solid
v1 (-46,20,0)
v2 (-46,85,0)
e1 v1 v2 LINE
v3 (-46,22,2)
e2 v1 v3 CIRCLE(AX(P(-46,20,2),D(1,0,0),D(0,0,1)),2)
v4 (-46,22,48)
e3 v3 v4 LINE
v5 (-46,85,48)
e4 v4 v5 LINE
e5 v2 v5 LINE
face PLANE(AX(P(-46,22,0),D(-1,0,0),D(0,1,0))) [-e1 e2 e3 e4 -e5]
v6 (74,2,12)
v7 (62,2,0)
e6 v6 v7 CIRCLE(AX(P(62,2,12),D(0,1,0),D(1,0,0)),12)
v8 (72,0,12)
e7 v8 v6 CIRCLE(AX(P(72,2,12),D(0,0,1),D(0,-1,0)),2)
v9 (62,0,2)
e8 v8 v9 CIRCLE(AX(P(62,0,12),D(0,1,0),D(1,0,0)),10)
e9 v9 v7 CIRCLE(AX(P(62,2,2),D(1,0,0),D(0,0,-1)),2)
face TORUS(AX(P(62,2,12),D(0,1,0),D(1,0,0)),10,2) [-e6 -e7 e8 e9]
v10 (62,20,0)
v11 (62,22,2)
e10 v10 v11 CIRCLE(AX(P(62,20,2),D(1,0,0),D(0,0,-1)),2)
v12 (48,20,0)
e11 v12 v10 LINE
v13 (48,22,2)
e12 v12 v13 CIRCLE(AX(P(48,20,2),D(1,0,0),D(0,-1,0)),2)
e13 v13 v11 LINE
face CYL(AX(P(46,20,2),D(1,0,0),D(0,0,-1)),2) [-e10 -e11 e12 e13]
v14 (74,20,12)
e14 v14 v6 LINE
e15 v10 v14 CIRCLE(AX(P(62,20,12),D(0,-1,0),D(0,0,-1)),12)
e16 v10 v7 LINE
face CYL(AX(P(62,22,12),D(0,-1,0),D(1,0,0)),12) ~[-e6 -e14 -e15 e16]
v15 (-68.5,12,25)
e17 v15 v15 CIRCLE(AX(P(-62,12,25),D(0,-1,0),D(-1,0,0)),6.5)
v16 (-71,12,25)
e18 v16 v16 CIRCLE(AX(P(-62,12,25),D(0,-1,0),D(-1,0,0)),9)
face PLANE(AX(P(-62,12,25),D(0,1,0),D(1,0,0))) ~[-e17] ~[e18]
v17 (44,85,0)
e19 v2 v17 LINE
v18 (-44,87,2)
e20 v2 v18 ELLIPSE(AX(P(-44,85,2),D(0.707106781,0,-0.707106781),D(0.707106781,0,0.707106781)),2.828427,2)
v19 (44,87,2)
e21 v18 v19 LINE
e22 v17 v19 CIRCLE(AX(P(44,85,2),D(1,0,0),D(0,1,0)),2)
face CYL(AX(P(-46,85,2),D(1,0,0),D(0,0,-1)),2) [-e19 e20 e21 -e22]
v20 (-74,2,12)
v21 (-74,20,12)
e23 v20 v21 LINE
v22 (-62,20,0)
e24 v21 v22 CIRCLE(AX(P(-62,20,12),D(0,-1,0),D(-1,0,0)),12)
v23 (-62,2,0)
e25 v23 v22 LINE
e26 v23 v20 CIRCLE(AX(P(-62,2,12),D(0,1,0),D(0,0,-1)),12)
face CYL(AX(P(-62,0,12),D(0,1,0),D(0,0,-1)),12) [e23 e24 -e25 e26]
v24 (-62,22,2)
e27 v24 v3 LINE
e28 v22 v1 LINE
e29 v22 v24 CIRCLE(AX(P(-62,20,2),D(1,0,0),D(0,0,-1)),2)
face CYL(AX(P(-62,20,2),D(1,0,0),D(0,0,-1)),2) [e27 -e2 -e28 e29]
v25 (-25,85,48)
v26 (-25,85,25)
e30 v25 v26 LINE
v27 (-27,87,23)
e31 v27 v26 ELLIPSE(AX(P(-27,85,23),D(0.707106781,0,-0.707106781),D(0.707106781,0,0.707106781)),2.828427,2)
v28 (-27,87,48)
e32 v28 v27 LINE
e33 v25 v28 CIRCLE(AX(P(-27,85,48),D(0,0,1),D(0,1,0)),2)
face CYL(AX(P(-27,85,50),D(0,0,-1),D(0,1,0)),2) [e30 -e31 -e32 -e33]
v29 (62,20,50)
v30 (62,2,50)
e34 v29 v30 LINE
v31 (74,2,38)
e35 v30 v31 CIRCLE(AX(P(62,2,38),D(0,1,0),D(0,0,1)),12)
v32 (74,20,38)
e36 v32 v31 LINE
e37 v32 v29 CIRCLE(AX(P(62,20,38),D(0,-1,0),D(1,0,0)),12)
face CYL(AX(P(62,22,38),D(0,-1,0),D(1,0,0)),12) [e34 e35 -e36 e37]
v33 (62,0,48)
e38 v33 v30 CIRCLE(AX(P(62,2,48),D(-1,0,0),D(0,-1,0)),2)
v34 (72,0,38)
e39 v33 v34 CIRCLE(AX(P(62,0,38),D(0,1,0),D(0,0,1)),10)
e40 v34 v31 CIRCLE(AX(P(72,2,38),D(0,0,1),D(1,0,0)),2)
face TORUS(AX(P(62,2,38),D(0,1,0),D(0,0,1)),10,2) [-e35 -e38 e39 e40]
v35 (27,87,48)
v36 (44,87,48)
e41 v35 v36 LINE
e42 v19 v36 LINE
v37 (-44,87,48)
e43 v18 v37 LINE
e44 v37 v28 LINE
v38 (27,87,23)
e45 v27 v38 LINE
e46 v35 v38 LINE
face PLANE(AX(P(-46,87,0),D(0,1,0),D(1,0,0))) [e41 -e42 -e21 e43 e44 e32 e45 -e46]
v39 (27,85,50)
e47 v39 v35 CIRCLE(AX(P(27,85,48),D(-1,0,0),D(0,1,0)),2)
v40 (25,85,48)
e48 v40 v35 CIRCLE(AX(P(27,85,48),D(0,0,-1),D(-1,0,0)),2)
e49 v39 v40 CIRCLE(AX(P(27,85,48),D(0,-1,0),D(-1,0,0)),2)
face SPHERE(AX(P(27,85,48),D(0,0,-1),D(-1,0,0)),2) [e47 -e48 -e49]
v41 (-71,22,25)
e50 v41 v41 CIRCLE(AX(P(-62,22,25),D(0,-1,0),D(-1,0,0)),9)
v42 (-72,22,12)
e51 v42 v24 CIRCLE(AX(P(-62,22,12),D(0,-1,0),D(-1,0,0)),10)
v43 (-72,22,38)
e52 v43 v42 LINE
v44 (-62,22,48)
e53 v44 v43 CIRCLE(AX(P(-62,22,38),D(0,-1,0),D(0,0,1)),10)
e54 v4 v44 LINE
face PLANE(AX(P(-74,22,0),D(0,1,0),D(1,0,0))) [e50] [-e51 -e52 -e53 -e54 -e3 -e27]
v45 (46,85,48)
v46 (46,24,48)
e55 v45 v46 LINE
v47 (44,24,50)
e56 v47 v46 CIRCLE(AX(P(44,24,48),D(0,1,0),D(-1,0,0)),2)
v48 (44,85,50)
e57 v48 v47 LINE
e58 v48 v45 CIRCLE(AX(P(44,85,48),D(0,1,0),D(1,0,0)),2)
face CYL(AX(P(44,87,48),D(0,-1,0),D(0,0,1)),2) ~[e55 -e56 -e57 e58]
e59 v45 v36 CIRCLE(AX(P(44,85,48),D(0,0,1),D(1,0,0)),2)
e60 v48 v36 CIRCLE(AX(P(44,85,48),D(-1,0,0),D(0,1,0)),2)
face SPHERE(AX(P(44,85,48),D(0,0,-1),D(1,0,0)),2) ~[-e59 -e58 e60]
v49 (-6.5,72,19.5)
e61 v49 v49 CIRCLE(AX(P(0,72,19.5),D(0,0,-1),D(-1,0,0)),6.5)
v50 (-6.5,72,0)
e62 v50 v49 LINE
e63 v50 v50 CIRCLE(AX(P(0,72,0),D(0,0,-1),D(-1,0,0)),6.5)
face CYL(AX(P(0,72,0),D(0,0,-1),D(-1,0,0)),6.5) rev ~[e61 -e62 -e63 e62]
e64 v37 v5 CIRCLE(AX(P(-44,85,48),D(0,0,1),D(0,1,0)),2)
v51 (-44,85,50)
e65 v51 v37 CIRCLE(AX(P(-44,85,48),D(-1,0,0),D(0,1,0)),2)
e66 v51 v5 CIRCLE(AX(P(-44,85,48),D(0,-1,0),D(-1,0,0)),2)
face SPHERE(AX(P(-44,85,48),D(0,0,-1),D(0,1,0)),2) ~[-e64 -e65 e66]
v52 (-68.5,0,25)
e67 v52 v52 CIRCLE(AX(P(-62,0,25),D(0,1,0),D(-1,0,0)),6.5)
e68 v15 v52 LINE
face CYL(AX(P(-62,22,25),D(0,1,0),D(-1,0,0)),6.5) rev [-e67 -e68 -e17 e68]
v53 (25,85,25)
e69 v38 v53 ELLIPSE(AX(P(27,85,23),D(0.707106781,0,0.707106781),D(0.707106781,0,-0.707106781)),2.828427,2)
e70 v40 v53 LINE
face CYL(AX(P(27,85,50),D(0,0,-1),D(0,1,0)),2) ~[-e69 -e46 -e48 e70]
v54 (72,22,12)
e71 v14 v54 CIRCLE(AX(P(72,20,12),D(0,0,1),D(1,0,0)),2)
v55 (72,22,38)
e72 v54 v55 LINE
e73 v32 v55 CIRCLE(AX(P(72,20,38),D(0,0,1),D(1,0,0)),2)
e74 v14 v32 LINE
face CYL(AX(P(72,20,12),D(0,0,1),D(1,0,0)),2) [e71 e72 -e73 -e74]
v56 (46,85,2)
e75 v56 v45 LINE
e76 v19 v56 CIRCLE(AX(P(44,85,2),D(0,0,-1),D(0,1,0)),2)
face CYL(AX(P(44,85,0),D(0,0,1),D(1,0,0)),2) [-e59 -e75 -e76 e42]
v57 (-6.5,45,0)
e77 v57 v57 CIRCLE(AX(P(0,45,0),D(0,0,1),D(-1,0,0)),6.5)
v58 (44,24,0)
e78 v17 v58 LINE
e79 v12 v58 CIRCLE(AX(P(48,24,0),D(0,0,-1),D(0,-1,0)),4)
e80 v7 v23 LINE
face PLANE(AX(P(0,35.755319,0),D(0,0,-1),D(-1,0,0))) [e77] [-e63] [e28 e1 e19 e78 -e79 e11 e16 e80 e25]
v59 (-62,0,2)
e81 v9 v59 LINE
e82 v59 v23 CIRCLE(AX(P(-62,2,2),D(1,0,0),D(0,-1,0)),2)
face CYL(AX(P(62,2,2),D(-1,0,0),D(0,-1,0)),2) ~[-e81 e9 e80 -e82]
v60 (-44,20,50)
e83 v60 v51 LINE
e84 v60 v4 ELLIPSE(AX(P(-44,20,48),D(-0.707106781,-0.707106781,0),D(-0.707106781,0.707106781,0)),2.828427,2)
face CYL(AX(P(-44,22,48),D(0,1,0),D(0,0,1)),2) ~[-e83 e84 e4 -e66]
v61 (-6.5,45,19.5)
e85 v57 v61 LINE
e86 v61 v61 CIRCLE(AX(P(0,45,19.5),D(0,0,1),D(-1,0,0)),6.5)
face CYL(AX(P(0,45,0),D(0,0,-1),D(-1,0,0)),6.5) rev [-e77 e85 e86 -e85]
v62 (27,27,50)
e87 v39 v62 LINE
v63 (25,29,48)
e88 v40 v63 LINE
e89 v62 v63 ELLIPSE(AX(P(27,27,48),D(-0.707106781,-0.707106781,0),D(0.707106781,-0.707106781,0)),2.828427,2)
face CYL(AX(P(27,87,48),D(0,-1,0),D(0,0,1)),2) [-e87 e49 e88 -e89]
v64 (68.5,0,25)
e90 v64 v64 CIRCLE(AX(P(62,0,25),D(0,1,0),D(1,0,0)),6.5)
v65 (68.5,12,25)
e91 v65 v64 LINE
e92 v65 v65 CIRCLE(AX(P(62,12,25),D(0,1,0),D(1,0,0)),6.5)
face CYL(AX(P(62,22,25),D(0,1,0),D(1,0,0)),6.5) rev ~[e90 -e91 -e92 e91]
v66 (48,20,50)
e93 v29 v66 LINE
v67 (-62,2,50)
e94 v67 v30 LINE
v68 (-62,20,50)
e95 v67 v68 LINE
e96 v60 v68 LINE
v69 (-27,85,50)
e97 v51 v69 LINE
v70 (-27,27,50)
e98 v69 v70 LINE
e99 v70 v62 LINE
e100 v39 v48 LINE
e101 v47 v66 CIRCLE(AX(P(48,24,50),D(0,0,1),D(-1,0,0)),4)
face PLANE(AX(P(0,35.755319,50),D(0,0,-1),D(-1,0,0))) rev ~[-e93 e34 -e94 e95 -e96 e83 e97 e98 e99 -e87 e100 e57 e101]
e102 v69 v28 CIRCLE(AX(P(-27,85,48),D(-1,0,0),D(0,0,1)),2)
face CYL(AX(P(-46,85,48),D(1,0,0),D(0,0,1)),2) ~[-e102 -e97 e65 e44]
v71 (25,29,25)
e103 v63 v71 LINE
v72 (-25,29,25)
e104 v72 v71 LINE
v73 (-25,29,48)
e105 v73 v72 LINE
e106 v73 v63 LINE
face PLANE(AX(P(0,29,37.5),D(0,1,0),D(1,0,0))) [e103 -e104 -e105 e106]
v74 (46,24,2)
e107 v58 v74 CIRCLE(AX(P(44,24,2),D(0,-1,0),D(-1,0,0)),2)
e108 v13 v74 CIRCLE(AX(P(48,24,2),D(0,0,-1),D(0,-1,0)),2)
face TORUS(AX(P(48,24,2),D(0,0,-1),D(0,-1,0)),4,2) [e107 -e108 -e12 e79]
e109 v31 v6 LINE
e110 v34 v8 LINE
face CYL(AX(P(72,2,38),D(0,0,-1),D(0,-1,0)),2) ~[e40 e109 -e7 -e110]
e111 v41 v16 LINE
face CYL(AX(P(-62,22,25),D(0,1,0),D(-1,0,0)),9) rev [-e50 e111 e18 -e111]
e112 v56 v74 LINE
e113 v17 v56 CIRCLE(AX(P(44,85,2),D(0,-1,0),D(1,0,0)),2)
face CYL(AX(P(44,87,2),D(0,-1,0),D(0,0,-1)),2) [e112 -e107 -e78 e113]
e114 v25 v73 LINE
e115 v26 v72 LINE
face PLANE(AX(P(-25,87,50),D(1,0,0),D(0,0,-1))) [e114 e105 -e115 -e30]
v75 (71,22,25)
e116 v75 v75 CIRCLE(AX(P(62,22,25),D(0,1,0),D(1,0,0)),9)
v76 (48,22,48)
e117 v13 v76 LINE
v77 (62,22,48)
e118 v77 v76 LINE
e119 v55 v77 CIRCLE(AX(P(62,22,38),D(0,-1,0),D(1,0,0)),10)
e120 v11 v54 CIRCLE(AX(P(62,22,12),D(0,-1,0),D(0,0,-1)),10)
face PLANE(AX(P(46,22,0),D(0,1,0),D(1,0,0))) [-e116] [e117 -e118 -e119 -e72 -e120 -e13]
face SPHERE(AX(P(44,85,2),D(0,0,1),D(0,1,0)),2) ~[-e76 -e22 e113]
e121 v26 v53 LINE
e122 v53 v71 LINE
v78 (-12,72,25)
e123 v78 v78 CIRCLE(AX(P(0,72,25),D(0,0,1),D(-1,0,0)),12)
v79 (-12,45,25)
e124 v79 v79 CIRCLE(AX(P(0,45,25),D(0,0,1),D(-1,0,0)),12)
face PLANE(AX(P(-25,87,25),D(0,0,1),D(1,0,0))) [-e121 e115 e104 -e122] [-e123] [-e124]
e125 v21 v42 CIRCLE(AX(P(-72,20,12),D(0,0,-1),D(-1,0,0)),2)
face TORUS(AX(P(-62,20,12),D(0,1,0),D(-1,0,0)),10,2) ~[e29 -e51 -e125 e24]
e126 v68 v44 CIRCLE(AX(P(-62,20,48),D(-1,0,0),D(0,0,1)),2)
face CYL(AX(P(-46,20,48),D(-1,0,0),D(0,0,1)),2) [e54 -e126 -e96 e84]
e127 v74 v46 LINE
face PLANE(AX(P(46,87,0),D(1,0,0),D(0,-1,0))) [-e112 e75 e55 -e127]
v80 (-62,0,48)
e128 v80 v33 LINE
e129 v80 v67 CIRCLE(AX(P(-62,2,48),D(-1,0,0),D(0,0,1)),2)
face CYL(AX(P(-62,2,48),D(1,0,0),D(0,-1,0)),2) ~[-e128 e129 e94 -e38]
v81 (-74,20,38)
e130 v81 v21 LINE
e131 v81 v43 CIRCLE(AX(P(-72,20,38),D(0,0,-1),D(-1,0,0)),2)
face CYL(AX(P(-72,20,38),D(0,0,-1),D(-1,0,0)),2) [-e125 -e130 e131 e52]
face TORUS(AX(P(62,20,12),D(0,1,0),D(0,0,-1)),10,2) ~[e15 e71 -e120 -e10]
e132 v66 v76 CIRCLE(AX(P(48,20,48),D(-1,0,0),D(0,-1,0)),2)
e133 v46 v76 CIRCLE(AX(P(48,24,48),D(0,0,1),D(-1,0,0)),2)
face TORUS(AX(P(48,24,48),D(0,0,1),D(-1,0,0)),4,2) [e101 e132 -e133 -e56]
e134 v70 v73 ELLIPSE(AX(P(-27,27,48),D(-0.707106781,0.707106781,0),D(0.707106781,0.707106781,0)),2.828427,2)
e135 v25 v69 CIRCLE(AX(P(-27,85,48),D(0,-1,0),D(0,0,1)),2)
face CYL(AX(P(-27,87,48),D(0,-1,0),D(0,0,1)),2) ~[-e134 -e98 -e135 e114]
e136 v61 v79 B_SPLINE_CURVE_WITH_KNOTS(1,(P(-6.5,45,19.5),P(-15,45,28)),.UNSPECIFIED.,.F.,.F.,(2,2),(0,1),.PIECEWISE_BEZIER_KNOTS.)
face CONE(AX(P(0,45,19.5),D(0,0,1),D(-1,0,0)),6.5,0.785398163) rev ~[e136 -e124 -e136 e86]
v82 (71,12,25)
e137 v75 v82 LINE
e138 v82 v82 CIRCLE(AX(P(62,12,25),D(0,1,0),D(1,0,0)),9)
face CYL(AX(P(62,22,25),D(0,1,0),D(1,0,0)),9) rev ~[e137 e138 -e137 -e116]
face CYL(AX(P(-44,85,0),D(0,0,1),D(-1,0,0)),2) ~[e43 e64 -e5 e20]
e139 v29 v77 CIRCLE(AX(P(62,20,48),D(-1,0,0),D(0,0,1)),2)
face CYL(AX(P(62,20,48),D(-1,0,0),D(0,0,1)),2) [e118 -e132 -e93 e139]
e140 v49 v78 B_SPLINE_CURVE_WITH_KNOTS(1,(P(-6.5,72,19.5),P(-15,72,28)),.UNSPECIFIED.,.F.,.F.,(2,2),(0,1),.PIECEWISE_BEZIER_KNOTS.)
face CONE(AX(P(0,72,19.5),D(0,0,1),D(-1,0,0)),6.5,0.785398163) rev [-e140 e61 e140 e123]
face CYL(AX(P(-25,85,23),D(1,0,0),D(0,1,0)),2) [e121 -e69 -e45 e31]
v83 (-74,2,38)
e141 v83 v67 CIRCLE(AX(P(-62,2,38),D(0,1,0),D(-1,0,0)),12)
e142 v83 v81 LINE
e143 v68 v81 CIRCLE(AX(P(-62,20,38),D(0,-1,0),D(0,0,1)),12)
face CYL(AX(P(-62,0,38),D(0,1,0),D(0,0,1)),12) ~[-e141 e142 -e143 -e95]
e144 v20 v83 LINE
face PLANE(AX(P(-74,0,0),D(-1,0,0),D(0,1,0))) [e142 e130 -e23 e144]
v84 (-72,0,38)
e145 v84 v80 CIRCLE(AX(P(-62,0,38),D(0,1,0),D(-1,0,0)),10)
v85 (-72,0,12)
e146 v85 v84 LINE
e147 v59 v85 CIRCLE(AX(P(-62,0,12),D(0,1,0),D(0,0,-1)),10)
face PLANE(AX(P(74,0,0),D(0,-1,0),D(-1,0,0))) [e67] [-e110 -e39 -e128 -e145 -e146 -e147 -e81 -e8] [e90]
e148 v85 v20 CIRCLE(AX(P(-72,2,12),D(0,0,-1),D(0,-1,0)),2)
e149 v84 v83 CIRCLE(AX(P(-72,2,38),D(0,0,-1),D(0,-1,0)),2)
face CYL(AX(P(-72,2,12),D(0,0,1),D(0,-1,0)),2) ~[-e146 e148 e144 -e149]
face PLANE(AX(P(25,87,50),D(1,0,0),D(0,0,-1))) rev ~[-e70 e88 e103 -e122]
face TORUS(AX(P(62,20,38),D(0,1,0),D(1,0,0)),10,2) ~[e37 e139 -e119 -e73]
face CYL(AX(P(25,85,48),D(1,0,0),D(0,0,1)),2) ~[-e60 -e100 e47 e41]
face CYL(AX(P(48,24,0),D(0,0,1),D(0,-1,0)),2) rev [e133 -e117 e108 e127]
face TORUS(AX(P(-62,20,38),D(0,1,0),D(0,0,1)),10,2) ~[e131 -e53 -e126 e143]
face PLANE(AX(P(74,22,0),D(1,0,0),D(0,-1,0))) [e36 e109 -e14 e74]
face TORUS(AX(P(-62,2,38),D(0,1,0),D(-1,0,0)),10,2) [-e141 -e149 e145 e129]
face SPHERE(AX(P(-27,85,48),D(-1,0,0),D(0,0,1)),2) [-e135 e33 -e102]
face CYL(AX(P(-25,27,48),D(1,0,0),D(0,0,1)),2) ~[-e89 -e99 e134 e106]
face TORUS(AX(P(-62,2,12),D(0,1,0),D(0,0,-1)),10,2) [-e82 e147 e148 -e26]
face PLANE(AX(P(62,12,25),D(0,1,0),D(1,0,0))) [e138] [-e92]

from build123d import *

# Parameters (mm, degrees)
BOSS_EXTRUDE1_DEPTH     = 50
SKETCH2_W               = 50
SKETCH2_H               = 25
CUT_EXTRUDE2_DEPTH      = 58
SKETCH3_R               = 6.5
CUT_EXTRUDE3_DEPTH      = 58
SKETCH3_3_R             = 9
SKETCH3_3_R_2           = 6.5
CUT_EXTRUDE4_DEPTH      = 10
SKETCH6_R               = 6.5
CUT_EXTRUDE5_DEPTH      = 19.5
CUT_EXTRUDE9_START      = -19.5
SKETCH6_3_R             = 6.5
CUT_EXTRUDE9_DEPTH      = 8.5
CUT_EXTRUDE9_DRAFT      = 45
MIRROR3_START           = -19.5
MIRROR3_COPY_1_SKETCH_R = 6.5
MIRROR3_COPY_1_DEPTH    = 8.5
MIRROR3_COPY_1_DRAFT    = 45
FILLET1_R               = 12
FILLET2_R               = 2


with BuildPart() as part:
    # Sketch1 → Boss-Extrude1 (new body)
    with BuildSketch(Plane.XY):
        Polygon((74, 0), (-74, 0), (-74, 22), (-46, 22), (-46, 87), (46, 87), (46, 22), (74, 22), align=None)
    extrude(amount=BOSS_EXTRUDE1_DEPTH)

    # Sketch2 → Cut-Extrude2 (cut)
    with BuildSketch(Plane(origin=(0, 87, 0), x_dir=(1, 0, 0), z_dir=(0, 1, 0))):
        with Locations((0, -37.5)):
            Rectangle(SKETCH2_W, SKETCH2_H)
    extrude(amount=-CUT_EXTRUDE2_DEPTH, mode=Mode.SUBTRACT)

    # Sketch3 → Cut-Extrude3 (cut)
    with BuildSketch(Plane(origin=(0, 22, 0), x_dir=(1, 0, 0), z_dir=(0, 1, 0))):
        with Locations((62, -25)):
            Circle(SKETCH3_R)
    cut_extrude3 = extrude(amount=-CUT_EXTRUDE3_DEPTH, mode=Mode.SUBTRACT)

    # Sketch3<3> → Cut-Extrude4 (cut)
    with BuildSketch(Plane(origin=(0, 22, 0), x_dir=(1, 0, 0), z_dir=(0, 1, 0))):
        with Locations((62, -25)):
            Circle(SKETCH3_3_R)
        with Locations((62, -25)):
            Circle(SKETCH3_3_R_2, mode=Mode.SUBTRACT)
    cut_extrude4 = extrude(amount=-CUT_EXTRUDE4_DEPTH, mode=Mode.SUBTRACT)

    # Mirror2: Cut-Extrude3, Cut-Extrude4 across plane
    add(cut_extrude3.mirror(Plane(origin=(0, 0, 0), x_dir=(0, 0, 1), z_dir=(1, 0, 0))), mode=Mode.SUBTRACT)
    add(cut_extrude4.mirror(Plane(origin=(0, 0, 0), x_dir=(0, 0, 1), z_dir=(1, 0, 0))), mode=Mode.SUBTRACT)

    # Sketch6 → Cut-Extrude5 (cut)
    with BuildSketch(Plane(origin=(0, 0, 0), x_dir=(-1, 0, 0), z_dir=(0, 0, -1))):
        with Locations((0, 72)):
            Circle(SKETCH6_R)
    cut_extrude5 = extrude(amount=-CUT_EXTRUDE5_DEPTH, mode=Mode.SUBTRACT)


with BuildPart() as cut_extrude9_tool:
    # Sketch6<3> → Cut-Extrude9 (with draft: the straight prism first)
    with BuildSketch(Plane(origin=(0, 0, 0), x_dir=(-1, 0, 0), z_dir=(0, 0, -1)).offset(CUT_EXTRUDE9_START)):
        with Locations((0, 72)):
            Circle(SKETCH6_3_R)
    extrude(amount=-CUT_EXTRUDE9_DEPTH)
    # Cut-Extrude9: the draft: its side faces are tilted about the plane it starts from
    cut_extrude9_sides = [cut_extrude9_tool.faces().sort_by_distance(p)[0] for p in [
        (6.5, 72, 23.75),
    ]]
    draft(cut_extrude9_sides, Plane(origin=(0, 0, 0), x_dir=(-1, 0, 0), z_dir=(0, 0, -1)).offset(CUT_EXTRUDE9_START), CUT_EXTRUDE9_DRAFT)


with BuildPart() as part_1:
    add(part.part)

    # Cut-Extrude9: cut by cut_extrude9_tool
    add(cut_extrude9_tool.part, mode=Mode.SUBTRACT)

    # Mirror3: Cut-Extrude5 across plane
    add(cut_extrude5.mirror(Plane.ZX.offset(58.5)), mode=Mode.SUBTRACT)


with BuildPart() as mirror3_copy_1_tool:
    # Mirror3 copy 1 sketch → Mirror3 copy 1 (with draft: the straight prism first)
    with BuildSketch(Plane(origin=(0, 117, 0), x_dir=(-1, 0, 0), z_dir=(0, 0, -1)).offset(MIRROR3_START)):
        with Locations((0, -72)):
            Circle(MIRROR3_COPY_1_SKETCH_R)
    extrude(amount=-MIRROR3_COPY_1_DEPTH)
    # Mirror3 copy 1: the draft: its side faces are tilted about the plane it starts from
    mirror3_copy_1_sides = [mirror3_copy_1_tool.faces().sort_by_distance(p)[0] for p in [
        (6.5, 45, 23.75),
    ]]
    draft(mirror3_copy_1_sides, Plane(origin=(0, 117, 0), x_dir=(-1, 0, 0), z_dir=(0, 0, -1)).offset(MIRROR3_START), MIRROR3_COPY_1_DRAFT)


with BuildPart() as part_2:
    add(part_1.part)

    # Mirror3 copy 1: cut by mirror3_copy_1_tool
    add(mirror3_copy_1_tool.part, mode=Mode.SUBTRACT)

    # Fillet1
    fillet1_edges = [part_2.edges().sort_by_distance(p)[0] for p in [
        (-74, 11, 0),
        (-74, 11, 50),
        (74, 11, 0),
        (74, 11, 50),
    ]]
    fillet(fillet1_edges, radius=FILLET1_R)

    # Fillet2
    fillet2_edges = [part_2.edges().sort_by_distance(p)[0] for p in [
        (54, 22, 0),
        (70.485281374, 22, 3.514718626),
        (74, 22, 25),
        (70.485281374, 22, 46.485281374),
        (-70.485281374, 0, 46.485281374),
        (-74, 0, 25),
        (-70.485281374, 0, 3.514718626),
        (0, 0, 0),
        (70.485281374, 0, 3.514718626),
        (74, 0, 25),
        (70.485281374, 0, 46.485281374),
        (-54, 22, 0),
        (-70.485281374, 22, 3.514718626),
        (-74, 22, 25),
        (-70.485281374, 22, 46.485281374),
        (46, 22, 25),
        (46, 54.5, 0),
        (-46, 54.5, 50),
        (-25, 58, 50),
        (0, 29, 50),
        (25, 58, 50),
        (46, 54.5, 50),
        (54, 22, 50),
        (0, 0, 50),
        (-54, 22, 50),
        (0, 87, 25),
        (-25, 87, 37.5),
        (-35.5, 87, 50),
        (-46, 87, 25),
        (0, 87, 0),
        (46, 87, 25),
        (35.5, 87, 50),
        (25, 87, 37.5),
    ]]
    fillet(fillet2_edges, radius=FILLET2_R)


solid = part_2.part
